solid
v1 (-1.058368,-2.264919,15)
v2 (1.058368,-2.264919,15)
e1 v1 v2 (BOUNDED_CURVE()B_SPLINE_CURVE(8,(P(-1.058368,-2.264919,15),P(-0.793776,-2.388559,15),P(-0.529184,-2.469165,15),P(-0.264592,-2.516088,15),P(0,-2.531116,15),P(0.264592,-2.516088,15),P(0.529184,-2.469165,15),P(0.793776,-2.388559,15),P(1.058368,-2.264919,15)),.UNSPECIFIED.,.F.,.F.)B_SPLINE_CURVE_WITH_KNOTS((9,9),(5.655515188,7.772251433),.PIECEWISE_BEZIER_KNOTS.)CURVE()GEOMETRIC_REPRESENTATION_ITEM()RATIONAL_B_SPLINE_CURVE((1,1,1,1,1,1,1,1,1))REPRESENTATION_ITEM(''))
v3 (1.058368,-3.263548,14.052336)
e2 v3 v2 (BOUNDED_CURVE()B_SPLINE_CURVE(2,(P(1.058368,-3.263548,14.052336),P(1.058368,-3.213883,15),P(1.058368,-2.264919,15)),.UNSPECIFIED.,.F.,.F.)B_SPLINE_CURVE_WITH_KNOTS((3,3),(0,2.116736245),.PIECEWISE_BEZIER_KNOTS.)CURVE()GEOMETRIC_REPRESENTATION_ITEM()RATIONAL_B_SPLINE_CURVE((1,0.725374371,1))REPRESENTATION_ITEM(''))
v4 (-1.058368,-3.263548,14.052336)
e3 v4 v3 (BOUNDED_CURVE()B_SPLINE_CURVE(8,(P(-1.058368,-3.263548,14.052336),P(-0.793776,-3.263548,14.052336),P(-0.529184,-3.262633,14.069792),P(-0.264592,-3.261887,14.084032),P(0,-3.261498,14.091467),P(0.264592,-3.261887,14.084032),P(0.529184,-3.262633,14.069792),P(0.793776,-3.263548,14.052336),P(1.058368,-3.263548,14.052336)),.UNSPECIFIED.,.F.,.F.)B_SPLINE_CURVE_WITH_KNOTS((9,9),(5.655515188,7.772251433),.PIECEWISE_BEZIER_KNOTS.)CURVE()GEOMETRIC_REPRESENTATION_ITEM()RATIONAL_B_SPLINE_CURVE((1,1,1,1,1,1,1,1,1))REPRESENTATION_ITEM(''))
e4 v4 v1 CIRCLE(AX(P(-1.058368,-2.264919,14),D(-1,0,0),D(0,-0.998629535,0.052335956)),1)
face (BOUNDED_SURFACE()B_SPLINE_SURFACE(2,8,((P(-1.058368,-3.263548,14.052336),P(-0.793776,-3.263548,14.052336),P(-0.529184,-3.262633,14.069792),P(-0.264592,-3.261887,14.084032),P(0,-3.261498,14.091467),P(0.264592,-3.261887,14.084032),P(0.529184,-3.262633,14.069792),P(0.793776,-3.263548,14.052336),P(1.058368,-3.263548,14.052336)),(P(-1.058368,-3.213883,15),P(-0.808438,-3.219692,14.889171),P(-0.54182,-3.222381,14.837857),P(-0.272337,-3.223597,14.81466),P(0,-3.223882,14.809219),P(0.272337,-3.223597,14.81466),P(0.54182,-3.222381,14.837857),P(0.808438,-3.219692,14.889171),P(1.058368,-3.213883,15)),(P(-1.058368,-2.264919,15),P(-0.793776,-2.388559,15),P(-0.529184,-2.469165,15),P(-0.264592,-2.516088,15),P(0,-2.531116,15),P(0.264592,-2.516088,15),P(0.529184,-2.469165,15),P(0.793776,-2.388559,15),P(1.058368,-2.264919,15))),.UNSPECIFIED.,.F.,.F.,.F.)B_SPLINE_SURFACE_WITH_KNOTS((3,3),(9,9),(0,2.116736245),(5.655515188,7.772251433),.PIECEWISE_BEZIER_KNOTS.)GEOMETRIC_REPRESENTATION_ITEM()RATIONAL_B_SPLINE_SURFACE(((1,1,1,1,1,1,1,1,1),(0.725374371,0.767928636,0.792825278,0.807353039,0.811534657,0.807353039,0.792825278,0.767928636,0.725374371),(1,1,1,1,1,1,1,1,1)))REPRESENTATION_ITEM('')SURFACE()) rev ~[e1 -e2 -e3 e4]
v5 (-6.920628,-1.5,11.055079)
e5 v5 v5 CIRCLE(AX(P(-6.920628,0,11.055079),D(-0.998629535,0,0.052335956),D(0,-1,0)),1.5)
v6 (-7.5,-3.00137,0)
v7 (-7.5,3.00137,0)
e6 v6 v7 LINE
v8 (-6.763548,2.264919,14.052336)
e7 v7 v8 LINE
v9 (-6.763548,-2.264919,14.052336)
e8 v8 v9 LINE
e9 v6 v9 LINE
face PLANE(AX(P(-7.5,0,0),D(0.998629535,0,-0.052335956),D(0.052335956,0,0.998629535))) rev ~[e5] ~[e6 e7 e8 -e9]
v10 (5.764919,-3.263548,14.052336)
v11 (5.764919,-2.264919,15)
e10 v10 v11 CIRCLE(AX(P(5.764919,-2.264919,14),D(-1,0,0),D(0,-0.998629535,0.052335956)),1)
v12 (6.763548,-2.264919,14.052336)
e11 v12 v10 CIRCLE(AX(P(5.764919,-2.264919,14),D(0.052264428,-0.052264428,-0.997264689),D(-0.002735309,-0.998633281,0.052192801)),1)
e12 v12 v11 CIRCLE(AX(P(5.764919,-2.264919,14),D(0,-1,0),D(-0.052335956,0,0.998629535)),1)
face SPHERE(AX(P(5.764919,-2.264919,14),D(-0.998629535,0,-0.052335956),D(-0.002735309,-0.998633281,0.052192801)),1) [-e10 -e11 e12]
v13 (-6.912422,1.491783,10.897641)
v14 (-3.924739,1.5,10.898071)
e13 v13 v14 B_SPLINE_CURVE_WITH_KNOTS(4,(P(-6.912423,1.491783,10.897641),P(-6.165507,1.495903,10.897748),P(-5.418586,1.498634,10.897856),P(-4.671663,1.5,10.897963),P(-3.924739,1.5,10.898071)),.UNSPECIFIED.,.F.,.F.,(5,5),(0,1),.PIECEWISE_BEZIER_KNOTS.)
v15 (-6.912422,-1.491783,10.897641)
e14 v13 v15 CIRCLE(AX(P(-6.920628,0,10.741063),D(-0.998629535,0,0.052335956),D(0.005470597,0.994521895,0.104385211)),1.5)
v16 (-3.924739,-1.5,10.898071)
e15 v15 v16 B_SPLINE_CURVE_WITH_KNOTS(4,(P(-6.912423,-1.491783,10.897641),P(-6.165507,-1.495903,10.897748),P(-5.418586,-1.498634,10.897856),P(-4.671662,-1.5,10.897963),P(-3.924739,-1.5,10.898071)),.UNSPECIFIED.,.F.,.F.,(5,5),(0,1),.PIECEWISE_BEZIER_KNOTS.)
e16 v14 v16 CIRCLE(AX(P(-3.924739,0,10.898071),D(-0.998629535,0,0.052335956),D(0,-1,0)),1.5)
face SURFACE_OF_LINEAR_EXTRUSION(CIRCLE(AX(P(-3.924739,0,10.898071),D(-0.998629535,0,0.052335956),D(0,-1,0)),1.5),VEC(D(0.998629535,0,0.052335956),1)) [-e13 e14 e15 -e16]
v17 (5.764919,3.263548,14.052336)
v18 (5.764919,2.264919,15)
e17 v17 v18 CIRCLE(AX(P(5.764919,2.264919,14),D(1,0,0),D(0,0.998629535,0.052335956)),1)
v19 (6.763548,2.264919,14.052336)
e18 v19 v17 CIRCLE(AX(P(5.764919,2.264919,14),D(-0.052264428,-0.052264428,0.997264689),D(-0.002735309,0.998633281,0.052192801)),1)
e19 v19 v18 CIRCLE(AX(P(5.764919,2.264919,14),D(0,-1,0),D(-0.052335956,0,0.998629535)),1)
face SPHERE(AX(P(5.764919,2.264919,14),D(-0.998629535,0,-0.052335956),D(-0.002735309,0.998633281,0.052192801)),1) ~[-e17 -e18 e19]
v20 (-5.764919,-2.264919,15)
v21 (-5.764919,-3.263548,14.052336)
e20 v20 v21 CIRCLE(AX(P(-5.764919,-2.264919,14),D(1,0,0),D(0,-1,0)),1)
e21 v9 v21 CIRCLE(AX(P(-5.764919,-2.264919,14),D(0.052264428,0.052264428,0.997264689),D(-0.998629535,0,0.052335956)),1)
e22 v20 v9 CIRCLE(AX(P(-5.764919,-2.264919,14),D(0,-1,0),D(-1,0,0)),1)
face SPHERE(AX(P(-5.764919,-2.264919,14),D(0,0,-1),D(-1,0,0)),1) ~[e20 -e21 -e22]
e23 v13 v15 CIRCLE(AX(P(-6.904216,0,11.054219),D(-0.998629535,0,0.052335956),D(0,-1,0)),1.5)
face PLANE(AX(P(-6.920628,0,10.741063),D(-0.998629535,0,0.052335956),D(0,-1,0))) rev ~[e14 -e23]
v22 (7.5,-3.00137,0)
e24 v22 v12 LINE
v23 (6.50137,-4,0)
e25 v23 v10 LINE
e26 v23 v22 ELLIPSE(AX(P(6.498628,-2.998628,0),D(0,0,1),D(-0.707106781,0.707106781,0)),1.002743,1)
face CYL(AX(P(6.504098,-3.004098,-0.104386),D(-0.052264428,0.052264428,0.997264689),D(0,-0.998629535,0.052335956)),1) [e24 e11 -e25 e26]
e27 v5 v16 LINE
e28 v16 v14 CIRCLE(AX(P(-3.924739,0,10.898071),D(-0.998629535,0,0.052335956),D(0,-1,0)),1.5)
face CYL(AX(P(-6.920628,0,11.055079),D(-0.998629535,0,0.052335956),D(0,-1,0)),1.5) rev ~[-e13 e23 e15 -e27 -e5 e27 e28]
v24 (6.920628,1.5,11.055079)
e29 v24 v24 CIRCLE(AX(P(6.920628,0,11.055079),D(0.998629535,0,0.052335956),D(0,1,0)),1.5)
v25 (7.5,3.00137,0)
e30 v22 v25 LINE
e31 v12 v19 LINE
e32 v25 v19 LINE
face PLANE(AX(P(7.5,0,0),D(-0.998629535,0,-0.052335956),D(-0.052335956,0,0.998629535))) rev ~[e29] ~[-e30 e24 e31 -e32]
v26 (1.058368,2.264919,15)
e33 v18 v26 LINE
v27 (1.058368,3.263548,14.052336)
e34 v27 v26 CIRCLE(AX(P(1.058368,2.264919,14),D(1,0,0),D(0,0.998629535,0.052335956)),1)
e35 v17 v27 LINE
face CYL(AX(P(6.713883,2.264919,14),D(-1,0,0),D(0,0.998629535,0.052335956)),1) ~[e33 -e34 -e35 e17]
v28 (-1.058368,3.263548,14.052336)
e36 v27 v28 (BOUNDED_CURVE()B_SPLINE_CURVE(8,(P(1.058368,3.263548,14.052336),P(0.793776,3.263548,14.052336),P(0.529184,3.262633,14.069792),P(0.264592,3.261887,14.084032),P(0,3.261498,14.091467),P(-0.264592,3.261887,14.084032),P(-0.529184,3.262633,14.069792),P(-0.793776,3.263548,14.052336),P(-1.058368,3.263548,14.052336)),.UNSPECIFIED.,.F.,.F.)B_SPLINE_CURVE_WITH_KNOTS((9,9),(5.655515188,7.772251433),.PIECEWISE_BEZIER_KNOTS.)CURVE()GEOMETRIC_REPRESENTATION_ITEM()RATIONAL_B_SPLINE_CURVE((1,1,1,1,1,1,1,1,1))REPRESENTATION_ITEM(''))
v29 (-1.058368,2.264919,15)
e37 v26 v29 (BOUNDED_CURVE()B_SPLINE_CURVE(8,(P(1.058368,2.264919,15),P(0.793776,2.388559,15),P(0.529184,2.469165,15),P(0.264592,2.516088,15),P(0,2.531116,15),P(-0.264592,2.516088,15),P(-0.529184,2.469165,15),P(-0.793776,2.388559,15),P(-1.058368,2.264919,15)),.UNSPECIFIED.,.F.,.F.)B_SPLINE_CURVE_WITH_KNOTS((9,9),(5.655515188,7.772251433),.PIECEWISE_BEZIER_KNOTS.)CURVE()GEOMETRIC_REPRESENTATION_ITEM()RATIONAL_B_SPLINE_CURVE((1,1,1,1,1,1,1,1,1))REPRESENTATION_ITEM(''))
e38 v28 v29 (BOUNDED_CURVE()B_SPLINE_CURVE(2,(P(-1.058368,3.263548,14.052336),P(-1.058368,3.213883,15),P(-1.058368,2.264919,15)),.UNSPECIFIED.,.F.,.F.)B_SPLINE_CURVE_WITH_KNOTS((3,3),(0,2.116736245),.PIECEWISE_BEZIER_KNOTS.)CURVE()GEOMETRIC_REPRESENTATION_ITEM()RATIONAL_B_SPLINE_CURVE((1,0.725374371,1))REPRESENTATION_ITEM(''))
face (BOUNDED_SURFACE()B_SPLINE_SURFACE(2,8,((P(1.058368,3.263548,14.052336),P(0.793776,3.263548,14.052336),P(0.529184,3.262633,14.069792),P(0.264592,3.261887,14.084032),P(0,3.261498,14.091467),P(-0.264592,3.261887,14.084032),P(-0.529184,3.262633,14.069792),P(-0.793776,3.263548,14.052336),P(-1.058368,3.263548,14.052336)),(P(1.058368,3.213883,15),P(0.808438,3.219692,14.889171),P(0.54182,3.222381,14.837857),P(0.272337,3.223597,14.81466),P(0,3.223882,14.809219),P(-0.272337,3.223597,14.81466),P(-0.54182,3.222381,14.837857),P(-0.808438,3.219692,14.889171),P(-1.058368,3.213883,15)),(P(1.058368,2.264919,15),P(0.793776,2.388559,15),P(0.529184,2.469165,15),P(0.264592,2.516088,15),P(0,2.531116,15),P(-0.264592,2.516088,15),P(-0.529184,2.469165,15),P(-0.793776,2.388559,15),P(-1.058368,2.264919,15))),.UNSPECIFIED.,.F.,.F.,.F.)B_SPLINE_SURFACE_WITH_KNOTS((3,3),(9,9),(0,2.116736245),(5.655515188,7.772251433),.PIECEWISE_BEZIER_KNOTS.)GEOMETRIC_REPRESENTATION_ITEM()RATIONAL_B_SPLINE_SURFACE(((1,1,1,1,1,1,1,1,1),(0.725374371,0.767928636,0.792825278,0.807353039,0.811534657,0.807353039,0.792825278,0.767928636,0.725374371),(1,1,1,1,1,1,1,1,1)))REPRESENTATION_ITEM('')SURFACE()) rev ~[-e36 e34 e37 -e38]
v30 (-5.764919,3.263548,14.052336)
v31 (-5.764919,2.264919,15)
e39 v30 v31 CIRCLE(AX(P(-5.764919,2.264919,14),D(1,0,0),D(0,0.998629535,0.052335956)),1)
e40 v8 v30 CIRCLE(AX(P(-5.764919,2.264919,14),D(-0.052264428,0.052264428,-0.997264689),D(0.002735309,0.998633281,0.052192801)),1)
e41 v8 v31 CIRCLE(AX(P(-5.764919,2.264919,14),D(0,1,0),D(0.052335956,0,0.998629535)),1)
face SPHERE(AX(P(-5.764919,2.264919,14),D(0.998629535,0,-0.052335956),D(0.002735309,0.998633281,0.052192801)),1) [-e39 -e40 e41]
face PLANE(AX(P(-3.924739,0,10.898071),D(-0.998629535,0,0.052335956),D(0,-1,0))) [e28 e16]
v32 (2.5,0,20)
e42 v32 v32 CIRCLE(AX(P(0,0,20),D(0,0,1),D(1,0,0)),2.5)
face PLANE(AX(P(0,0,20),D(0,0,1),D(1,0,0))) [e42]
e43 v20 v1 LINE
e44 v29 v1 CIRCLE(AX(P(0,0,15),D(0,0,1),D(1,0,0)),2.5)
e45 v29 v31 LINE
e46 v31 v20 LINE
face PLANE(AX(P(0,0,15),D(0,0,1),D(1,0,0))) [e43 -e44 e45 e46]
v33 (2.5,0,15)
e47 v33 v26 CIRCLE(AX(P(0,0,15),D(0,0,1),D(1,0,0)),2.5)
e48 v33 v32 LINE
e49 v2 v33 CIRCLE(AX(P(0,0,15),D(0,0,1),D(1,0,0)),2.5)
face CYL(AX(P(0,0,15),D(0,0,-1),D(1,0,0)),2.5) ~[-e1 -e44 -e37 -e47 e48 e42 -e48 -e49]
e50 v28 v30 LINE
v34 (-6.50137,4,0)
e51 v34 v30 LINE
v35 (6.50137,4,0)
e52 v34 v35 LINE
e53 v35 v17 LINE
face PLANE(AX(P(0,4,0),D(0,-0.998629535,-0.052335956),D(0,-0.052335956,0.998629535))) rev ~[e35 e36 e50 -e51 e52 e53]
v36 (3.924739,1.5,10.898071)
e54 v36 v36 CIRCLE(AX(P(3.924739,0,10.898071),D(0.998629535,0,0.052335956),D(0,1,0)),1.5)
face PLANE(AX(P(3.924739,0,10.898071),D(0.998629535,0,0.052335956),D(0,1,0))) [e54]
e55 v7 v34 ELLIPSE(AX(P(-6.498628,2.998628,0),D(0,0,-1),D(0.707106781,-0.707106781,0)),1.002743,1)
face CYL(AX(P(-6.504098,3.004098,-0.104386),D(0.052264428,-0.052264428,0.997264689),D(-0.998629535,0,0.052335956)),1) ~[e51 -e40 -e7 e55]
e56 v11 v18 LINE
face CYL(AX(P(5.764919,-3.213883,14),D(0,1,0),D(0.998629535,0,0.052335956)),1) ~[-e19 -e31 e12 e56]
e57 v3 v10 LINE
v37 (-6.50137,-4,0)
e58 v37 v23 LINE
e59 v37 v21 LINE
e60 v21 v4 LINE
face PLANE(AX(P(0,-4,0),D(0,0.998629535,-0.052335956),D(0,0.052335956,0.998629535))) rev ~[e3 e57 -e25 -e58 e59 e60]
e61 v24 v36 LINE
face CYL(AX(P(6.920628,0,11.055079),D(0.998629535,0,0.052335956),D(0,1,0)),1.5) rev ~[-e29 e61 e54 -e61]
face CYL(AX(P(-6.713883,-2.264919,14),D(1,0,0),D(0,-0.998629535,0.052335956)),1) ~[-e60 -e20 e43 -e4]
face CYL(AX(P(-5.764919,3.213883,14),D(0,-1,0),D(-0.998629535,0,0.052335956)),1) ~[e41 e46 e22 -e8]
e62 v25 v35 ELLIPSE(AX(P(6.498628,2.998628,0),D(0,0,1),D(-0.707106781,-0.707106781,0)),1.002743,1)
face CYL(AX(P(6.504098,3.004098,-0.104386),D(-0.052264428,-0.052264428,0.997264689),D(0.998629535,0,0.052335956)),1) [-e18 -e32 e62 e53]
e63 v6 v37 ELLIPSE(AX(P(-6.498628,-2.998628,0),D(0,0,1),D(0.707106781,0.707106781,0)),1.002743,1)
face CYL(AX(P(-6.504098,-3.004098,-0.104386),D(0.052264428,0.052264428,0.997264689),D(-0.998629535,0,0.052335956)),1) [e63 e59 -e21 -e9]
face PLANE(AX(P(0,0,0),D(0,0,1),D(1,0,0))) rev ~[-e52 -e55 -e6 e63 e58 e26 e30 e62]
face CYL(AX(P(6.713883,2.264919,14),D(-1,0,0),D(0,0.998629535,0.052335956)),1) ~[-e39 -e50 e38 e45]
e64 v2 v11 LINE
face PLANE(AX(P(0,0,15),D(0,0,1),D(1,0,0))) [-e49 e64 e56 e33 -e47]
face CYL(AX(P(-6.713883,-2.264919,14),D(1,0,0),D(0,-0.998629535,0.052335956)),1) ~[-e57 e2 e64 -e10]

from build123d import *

# Parameters (mm, degrees)
F0_W      = 15
F0_H      = 8
F1_DEPTH  = 15
F1_TAPER  = 3
F2_R      = 2.5
F3_DEPTH  = 5
F4_R      = 1
F5_R      = 1.5
F6_DEPTH  = 3
F7_R      = 1.5
F6_FACE_R = 1.5
F8_DEPTH  = 3


with BuildPart() as f1:
    # F0 (on Top) → F1 (new body)
    with BuildSketch(Plane.XY):
        Rectangle(F0_W, F0_H)
    extrude(amount=F1_DEPTH, taper=F1_TAPER)

    # F2 (on face) → F3 (join)
    with BuildSketch(Plane.XY.offset(15)):
        Circle(F2_R)
    extrude(amount=F3_DEPTH)

    # F4
    f4_edges = [f1.edges().sort_by_distance(p)[0] for p in [
        (0, 3.213883, 15),
        (-7.106942, 3.606942, 7.5),
        (7.106942, 3.606942, 7.5),
        (-7.106942, -3.606942, 7.5),
        (-6.713883, 0, 15),
        (0, -3.213883, 15),
        (7.106942, -3.606942, 7.5),
        (6.713883, 0, 15),
    ]]
    fillet(f4_edges, radius=F4_R)

    # F5 (on face) → F6 (cut)
    with BuildSketch(Plane(origin=(-7.4794571076, 0, 0.3919817373), x_dir=(0, -1, 0), z_dir=(-0.9986295348, 0, 0.0523359562))):
        with Locations((0, 10.6777304862)):
            Circle(F5_R)
    extrude(amount=-F6_DEPTH, mode=Mode.SUBTRACT)

    # F7 (on face) + F6_face (on face) → F8 (cut)
    with BuildSketch(Plane(origin=(7.4794571076, 0, 0.3919817373), x_dir=(0, 1, 0), z_dir=(0.9986295348, 0, 0.0523359562))):
        with Locations((0, 10.6777304862)):
            Circle(F7_R)
    with BuildSketch(Plane(origin=(-3.9247392679, 0, 10.8980708962), x_dir=(0, -1, 0), z_dir=(-0.9986295348, 0, 0.0523359562))):
        Circle(F6_FACE_R)
    extrude(amount=-F8_DEPTH, dir=(0.9986295348, 0, 0.0523359562), mode=Mode.SUBTRACT)


solid = f1.part
